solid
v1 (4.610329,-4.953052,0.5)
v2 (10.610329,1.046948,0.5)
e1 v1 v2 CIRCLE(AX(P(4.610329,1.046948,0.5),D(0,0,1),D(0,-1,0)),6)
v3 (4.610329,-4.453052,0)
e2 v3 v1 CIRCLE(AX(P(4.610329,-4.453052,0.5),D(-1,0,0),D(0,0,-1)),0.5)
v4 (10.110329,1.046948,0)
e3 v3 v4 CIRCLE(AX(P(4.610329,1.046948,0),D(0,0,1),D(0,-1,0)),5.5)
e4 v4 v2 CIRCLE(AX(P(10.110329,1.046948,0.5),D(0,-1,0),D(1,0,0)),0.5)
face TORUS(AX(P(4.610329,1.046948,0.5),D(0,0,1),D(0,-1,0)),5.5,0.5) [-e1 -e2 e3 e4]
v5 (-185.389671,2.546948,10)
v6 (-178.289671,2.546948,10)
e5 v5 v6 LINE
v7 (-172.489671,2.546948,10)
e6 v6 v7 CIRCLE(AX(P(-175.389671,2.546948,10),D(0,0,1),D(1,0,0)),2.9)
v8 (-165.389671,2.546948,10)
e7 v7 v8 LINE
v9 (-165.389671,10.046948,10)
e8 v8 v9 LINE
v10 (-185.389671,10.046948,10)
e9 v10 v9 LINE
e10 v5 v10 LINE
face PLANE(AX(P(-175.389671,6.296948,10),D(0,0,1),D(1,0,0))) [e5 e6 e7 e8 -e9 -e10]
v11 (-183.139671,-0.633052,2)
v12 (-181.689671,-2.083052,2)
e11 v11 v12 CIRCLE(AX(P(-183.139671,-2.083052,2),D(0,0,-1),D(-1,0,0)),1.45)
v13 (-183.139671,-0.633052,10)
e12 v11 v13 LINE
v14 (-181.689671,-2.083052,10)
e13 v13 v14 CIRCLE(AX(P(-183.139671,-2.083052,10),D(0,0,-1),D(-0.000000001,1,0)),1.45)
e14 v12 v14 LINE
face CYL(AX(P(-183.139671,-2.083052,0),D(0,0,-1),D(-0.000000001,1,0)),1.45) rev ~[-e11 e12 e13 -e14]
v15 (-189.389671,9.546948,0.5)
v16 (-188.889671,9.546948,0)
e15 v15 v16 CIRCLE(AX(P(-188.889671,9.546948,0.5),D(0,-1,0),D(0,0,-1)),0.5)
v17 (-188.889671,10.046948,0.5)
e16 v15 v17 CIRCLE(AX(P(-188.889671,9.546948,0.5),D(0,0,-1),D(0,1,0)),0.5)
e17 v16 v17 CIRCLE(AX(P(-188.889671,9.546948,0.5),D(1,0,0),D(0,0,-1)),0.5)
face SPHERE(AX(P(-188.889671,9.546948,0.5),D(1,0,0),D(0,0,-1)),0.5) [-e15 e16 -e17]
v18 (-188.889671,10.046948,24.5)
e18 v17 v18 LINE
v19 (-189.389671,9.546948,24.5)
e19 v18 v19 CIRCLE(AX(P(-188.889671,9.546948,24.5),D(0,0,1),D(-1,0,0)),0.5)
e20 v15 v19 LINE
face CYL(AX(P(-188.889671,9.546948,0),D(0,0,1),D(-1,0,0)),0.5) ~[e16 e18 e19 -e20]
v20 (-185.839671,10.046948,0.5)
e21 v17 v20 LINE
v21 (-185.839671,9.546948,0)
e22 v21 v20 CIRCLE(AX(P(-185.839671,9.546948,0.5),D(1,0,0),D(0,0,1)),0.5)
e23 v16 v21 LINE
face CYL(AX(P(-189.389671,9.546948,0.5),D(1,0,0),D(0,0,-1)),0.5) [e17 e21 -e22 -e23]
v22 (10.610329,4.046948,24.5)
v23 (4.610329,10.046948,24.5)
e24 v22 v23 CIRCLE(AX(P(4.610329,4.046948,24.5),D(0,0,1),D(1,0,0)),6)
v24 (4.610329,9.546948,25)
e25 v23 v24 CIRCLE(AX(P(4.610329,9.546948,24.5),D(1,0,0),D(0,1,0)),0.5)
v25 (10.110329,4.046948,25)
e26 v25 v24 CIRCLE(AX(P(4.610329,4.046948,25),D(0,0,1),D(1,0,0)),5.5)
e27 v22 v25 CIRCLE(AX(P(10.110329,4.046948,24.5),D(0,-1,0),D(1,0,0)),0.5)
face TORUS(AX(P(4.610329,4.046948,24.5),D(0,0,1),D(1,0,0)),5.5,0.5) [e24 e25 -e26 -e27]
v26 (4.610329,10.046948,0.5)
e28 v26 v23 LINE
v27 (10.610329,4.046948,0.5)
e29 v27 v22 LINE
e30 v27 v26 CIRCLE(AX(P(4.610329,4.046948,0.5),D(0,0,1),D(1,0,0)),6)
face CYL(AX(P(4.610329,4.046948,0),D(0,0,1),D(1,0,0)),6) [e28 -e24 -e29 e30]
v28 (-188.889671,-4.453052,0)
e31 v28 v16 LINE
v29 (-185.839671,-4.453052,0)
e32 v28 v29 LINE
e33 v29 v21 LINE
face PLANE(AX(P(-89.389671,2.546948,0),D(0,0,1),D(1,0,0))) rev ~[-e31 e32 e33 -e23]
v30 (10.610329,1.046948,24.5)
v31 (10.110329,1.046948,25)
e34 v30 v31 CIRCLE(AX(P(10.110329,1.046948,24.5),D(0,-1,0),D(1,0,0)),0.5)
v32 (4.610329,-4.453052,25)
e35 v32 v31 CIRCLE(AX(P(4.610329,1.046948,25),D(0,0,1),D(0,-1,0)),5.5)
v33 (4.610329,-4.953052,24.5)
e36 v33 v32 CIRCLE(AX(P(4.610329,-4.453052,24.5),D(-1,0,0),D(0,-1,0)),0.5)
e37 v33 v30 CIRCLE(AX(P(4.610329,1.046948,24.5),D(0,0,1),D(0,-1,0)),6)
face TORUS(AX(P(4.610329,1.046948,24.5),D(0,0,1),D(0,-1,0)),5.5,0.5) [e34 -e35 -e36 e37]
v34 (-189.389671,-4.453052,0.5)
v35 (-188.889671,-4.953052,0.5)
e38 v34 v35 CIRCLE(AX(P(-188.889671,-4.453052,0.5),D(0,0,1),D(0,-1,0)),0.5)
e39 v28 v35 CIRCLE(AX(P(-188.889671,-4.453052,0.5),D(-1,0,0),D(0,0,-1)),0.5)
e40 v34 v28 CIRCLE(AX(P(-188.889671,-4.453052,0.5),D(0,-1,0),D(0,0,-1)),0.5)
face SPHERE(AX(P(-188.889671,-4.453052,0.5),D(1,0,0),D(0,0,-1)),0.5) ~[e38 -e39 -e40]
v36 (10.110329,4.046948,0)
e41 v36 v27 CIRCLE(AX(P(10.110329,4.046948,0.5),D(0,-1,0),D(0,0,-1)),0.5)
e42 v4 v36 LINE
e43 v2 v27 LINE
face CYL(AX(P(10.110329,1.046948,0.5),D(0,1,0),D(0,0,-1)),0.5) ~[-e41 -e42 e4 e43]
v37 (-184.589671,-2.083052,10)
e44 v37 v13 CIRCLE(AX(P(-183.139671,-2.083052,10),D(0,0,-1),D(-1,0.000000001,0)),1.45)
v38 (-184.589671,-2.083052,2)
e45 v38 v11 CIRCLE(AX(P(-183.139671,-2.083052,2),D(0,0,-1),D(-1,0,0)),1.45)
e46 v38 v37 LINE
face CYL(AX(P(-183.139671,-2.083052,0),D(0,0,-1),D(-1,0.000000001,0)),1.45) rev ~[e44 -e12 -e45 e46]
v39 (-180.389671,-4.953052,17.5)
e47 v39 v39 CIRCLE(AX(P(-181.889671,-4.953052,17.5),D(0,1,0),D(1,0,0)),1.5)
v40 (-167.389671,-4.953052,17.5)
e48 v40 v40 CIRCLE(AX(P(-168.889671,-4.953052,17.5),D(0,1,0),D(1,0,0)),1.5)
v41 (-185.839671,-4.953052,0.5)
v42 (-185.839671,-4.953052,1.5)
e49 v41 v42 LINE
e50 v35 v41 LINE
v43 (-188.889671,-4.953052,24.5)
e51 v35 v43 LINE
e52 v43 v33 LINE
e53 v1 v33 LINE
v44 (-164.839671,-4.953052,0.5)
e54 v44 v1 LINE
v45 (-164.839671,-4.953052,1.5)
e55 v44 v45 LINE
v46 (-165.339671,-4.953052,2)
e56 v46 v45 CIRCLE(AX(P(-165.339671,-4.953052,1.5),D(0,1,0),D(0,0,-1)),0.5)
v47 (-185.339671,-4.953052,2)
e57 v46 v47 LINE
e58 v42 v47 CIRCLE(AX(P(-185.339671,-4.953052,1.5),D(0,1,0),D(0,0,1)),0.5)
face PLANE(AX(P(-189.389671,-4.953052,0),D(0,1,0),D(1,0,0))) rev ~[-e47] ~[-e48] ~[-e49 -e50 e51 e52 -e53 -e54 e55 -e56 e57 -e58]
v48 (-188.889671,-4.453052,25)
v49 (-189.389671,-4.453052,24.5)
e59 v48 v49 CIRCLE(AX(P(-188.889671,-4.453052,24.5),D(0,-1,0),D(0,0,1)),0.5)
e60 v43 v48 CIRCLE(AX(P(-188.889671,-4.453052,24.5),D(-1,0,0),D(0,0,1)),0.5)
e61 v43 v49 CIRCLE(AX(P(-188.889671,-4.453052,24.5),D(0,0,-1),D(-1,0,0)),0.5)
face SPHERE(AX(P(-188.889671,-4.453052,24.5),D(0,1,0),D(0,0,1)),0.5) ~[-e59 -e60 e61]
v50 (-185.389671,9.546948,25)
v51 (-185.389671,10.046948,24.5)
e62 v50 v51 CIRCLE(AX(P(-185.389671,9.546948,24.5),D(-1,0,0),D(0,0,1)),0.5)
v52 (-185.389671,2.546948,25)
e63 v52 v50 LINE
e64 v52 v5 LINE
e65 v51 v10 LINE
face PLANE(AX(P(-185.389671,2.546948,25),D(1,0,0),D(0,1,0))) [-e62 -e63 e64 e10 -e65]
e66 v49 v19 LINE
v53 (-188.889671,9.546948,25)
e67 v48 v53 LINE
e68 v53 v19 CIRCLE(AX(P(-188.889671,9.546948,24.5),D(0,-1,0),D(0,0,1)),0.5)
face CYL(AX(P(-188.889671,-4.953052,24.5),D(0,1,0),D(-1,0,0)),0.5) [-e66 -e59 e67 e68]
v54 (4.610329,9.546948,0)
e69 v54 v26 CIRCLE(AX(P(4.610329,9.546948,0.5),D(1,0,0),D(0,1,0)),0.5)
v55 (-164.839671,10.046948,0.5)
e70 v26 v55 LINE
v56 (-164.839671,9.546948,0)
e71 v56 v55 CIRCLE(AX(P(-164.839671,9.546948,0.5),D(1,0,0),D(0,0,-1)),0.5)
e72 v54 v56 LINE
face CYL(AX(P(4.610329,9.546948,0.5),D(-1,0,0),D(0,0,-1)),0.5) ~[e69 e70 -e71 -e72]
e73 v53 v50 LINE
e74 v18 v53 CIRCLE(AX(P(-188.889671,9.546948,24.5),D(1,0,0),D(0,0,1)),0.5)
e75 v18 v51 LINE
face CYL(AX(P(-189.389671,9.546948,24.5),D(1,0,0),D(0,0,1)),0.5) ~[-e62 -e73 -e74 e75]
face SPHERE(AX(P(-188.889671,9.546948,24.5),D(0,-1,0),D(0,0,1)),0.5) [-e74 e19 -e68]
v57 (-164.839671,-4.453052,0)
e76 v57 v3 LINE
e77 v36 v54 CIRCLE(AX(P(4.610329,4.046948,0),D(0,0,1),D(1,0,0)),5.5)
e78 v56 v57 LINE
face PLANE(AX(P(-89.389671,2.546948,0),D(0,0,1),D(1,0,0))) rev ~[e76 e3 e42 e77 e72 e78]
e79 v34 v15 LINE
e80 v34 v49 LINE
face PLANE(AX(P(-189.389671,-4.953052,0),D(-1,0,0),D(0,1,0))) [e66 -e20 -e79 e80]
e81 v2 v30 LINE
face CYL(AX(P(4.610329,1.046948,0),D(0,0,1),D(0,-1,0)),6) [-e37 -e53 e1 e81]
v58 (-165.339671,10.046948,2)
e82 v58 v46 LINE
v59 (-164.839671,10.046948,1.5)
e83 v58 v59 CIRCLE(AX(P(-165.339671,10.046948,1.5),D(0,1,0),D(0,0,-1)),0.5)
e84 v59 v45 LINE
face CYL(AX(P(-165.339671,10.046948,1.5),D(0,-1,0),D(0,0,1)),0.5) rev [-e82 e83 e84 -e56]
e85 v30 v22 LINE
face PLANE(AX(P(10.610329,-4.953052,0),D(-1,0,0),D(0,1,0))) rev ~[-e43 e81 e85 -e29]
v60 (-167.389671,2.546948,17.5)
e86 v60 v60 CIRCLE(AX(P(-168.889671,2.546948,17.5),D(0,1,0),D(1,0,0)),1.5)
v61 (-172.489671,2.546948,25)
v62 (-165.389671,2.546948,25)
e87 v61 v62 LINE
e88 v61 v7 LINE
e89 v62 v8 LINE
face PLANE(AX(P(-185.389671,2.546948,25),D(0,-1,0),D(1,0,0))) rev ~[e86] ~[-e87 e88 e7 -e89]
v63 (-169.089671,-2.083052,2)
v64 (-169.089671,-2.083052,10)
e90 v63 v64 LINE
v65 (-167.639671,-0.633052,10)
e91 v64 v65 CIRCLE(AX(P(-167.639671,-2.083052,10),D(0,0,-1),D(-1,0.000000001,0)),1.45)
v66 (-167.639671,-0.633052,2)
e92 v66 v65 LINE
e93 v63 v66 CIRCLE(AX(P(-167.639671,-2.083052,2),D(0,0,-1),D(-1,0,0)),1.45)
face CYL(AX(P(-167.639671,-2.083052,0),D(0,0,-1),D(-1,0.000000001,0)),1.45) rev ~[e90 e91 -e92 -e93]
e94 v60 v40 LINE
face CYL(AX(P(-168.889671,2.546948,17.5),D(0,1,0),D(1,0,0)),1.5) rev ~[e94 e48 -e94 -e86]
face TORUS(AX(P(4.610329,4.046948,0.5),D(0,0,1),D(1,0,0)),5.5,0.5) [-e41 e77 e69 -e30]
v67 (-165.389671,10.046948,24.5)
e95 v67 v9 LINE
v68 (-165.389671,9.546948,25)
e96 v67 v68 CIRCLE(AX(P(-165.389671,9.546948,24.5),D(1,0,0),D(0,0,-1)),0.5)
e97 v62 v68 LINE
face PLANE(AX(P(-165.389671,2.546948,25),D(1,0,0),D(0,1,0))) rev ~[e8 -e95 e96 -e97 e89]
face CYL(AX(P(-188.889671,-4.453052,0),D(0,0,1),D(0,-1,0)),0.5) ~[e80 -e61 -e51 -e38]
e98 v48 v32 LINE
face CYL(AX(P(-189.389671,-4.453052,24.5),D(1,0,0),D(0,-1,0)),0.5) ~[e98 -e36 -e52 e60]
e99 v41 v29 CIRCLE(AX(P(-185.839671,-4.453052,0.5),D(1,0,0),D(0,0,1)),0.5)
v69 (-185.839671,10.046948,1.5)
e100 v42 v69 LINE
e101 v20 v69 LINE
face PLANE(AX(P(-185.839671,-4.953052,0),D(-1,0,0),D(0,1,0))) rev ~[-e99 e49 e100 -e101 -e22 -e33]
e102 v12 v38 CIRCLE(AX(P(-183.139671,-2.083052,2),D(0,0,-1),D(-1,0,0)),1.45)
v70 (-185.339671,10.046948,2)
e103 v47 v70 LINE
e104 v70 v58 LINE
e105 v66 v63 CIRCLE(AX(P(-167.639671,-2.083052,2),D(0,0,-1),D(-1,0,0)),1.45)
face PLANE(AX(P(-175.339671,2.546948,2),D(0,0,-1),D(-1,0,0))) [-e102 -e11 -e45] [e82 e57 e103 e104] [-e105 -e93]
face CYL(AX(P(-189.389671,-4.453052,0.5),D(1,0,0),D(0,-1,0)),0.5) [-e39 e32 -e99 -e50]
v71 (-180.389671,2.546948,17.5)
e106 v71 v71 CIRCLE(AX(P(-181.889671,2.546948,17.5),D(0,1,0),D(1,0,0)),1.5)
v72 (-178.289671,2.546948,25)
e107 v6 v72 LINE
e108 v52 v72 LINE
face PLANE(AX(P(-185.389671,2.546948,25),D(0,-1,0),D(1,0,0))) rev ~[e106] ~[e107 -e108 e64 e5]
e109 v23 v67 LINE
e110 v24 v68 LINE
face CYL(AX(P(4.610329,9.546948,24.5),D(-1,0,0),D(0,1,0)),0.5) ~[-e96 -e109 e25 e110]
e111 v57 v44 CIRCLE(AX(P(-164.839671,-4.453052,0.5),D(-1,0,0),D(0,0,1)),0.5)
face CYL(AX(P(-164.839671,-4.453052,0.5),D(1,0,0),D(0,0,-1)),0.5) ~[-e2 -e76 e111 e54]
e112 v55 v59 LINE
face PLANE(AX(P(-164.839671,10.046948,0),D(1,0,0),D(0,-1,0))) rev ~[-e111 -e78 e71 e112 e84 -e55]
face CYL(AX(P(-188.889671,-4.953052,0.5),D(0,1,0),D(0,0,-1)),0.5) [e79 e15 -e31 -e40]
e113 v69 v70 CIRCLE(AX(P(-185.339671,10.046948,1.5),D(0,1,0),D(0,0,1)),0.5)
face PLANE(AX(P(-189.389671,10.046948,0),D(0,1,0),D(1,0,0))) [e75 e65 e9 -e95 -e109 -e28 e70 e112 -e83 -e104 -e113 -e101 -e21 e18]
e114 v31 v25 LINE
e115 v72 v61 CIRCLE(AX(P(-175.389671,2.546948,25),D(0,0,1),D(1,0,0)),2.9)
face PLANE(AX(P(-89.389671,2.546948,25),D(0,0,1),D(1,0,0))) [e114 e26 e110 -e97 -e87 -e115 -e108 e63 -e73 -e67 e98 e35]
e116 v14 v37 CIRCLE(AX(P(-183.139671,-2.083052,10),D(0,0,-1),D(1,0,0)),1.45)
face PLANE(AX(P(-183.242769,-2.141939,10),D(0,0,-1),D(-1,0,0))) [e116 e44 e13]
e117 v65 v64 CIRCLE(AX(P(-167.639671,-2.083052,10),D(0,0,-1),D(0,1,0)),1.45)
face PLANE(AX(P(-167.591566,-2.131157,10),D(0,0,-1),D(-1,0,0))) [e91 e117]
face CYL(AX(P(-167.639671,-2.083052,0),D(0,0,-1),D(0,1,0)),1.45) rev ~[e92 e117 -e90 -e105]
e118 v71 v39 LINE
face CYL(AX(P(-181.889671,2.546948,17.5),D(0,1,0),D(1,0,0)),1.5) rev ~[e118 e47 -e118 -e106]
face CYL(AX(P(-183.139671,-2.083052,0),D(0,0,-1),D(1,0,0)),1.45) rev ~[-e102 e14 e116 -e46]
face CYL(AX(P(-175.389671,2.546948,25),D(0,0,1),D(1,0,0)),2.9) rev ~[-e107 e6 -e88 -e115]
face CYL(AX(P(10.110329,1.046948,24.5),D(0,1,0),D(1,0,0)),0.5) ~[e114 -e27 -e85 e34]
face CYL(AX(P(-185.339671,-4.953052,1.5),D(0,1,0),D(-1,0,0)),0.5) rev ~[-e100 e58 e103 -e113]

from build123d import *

# Parameters (mm, degrees)
IZIM1_W                     = 200
IZIM1_H                     = 15
Y_KSEKLIK_EKSTR_ZYON1_DEPTH = 25
RADYUS1_R                   = 6
IZIM3_R                     = 2.9
KES_EKSTR_ZYON2_DEPTH       = 1
KES_EKSTR_ZYON2_DEPTH_BACK  = 15
KES_EKSTR_ZYON3_DEPTH       = 10
IZIM6_R                     = 1.45
KES_EKSTR_ZYON4_DEPTH       = 2
IZIM8_W                     = 20
IZIM8_H                     = 7.5
KES_EKSTR_ZYON6_DEPTH       = 15
IZIM9_R                     = 1.5
KES_EKSTR_ZYON7_DEPTH       = 15
RADYUS2_R                   = 0.5


with BuildPart() as part:
    # Çizim1 → Yükseklik-Ekstrüzyon1 (new body)
    with BuildSketch(Plane.XY):
        with Locations((-89.389671362, 2.546948357)):
            Rectangle(IZIM1_W, IZIM1_H)
    extrude(amount=Y_KSEKLIK_EKSTR_ZYON1_DEPTH)

    # Radyus1
    radyus1_edges = [part.edges().sort_by_distance(p)[0] for p in [
        (10.610328638, -4.953051643, 12.5),
        (10.610328638, 10.046948357, 12.5),
    ]]
    fillet(radyus1_edges, radius=RADYUS1_R)

    # Çizim3 → Kes-Ekstrüzyon2 (cut, two sides)
    with BuildSketch(Plane.XY.offset(25)) as kes_ekstr_zyon2_sk:
        with Locations((-175.389671362, 2.546948357)):
            Circle(IZIM3_R)
    extrude(amount=KES_EKSTR_ZYON2_DEPTH, mode=Mode.SUBTRACT)
    extrude(kes_ekstr_zyon2_sk.sketch, amount=-KES_EKSTR_ZYON2_DEPTH_BACK, mode=Mode.SUBTRACT)

    # Çizim4 → Kes-Ekstrüzyon3 (cut)
    with BuildSketch(Plane(origin=(0, 0, 0), x_dir=(-1, 0, 0), z_dir=(0, 0, -1))):
        with BuildLine():
            ThreePointArc((167.639671362, -0.633051643), (166.614366529, -3.108356476), (169.089671362, -2.083051643))
            Line((169.089671362, -2.083051643), (167.639671362, -2.083051643))
            Line((167.639671362, -2.083051643), (167.639671362, -0.633051643))
        make_face()
        with BuildLine():
            Line((167.639671362, -2.083051643), (169.089671362, -2.083051643))
            ThreePointArc((169.089671362, -2.083051643), (168.664976194, -1.05774681), (167.639671362, -0.633051643))
            Line((167.639671362, -0.633051643), (167.639671362, -2.083051643))
        make_face()
        with BuildLine():
            ThreePointArc((184.589671362, -2.083051643), (184.164976194, -1.05774681), (183.139671362, -0.633051643))
            Line((183.139671362, -0.633051643), (183.139671362, -2.083051643))
            Line((183.139671362, -2.083051643), (181.689671362, -2.083051643))
            ThreePointArc((181.689671362, -2.083051643), (183.139671362, -3.533051643), (184.589671362, -2.083051643))
        make_face()
        with BuildLine():
            Line((183.139671362, -2.083051643), (183.139671362, -0.633051643))
            ThreePointArc((183.139671362, -0.633051643), (182.114366529, -1.05774681), (181.689671362, -2.083051643))
            Line((181.689671362, -2.083051643), (183.139671362, -2.083051643))
        make_face()
    extrude(amount=-KES_EKSTR_ZYON3_DEPTH, mode=Mode.SUBTRACT)

    # Çizim6 → Kes-Ekstrüzyon4 (cut)
    with BuildSketch(Plane(origin=(0, 0, 0), x_dir=(-1, 0, 0), z_dir=(0, 0, -1))):
        Polygon((185.839671362, -4.953051643), (185.839671362, -2.083051643), (185.839671362, 10.046948357), (165.238795476, 10.046948357), (164.839671362, 10.046948357), (164.839671362, -4.953051643), align=None)
        with Locations((167.639671362, -2.083051643)):
            Circle(IZIM6_R, mode=Mode.SUBTRACT)
        with Locations((183.139671362, -2.083051643)):
            Circle(IZIM6_R, mode=Mode.SUBTRACT)
    extrude(amount=-KES_EKSTR_ZYON4_DEPTH, mode=Mode.SUBTRACT)

    # Çizim8 → Kes-Ekstrüzyon6 (cut)
    with BuildSketch(Plane.XY.offset(25)):
        with Locations((-175.389671362, 6.296948357)):
            Rectangle(IZIM8_W, IZIM8_H)
    extrude(amount=-KES_EKSTR_ZYON6_DEPTH, mode=Mode.SUBTRACT)

    # Çizim9 → Kes-Ekstrüzyon7 (cut)
    with BuildSketch(Plane(origin=(0, 2.546948357, 0), x_dir=(1, 0, 0), z_dir=(0, 1, 0))):
        with Locations((-168.889671362, -17.5)):
            Circle(IZIM9_R)
        with Locations((-181.889671362, -17.5)):
            Circle(IZIM9_R)
    extrude(amount=-KES_EKSTR_ZYON7_DEPTH, mode=Mode.SUBTRACT)

    # Radyus2
    radyus2_edges = [part.edges().sort_by_distance(p)[0] for p in [
        (-189.389671362, 2.546948357, 25),
        (-92.389671362, -4.953051643, 25),
        (10.610328638, 2.546948357, 0),
        (10.610328638, 2.546948357, 25),
        (-80.114671362, 10.046948357, 0),
        (8.852969326, 8.289589044, 0),
        (8.852969326, -3.19569233, 0),
        (-80.389671362, 10.046948357, 25),
        (8.852969326, 8.289589044, 25),
        (8.852969326, -3.19569233, 25),
        (-80.114671362, -4.953051643, 0),
        (-187.614671362, 10.046948357, 0),
        (-187.614671362, -4.953051643, 0),
        (-185.839671362, 2.546948357, 2),
        (-189.389671362, 2.546948357, 0),
        (-164.839671362, 2.546948357, 2),
        (-187.389671362, 10.046948357, 25),
        (-189.389671362, -4.953051643, 12.5),
        (-189.389671362, 10.046948357, 12.5),
    ]]
    fillet(radyus2_edges, radius=RADYUS2_R)


solid = part.part
